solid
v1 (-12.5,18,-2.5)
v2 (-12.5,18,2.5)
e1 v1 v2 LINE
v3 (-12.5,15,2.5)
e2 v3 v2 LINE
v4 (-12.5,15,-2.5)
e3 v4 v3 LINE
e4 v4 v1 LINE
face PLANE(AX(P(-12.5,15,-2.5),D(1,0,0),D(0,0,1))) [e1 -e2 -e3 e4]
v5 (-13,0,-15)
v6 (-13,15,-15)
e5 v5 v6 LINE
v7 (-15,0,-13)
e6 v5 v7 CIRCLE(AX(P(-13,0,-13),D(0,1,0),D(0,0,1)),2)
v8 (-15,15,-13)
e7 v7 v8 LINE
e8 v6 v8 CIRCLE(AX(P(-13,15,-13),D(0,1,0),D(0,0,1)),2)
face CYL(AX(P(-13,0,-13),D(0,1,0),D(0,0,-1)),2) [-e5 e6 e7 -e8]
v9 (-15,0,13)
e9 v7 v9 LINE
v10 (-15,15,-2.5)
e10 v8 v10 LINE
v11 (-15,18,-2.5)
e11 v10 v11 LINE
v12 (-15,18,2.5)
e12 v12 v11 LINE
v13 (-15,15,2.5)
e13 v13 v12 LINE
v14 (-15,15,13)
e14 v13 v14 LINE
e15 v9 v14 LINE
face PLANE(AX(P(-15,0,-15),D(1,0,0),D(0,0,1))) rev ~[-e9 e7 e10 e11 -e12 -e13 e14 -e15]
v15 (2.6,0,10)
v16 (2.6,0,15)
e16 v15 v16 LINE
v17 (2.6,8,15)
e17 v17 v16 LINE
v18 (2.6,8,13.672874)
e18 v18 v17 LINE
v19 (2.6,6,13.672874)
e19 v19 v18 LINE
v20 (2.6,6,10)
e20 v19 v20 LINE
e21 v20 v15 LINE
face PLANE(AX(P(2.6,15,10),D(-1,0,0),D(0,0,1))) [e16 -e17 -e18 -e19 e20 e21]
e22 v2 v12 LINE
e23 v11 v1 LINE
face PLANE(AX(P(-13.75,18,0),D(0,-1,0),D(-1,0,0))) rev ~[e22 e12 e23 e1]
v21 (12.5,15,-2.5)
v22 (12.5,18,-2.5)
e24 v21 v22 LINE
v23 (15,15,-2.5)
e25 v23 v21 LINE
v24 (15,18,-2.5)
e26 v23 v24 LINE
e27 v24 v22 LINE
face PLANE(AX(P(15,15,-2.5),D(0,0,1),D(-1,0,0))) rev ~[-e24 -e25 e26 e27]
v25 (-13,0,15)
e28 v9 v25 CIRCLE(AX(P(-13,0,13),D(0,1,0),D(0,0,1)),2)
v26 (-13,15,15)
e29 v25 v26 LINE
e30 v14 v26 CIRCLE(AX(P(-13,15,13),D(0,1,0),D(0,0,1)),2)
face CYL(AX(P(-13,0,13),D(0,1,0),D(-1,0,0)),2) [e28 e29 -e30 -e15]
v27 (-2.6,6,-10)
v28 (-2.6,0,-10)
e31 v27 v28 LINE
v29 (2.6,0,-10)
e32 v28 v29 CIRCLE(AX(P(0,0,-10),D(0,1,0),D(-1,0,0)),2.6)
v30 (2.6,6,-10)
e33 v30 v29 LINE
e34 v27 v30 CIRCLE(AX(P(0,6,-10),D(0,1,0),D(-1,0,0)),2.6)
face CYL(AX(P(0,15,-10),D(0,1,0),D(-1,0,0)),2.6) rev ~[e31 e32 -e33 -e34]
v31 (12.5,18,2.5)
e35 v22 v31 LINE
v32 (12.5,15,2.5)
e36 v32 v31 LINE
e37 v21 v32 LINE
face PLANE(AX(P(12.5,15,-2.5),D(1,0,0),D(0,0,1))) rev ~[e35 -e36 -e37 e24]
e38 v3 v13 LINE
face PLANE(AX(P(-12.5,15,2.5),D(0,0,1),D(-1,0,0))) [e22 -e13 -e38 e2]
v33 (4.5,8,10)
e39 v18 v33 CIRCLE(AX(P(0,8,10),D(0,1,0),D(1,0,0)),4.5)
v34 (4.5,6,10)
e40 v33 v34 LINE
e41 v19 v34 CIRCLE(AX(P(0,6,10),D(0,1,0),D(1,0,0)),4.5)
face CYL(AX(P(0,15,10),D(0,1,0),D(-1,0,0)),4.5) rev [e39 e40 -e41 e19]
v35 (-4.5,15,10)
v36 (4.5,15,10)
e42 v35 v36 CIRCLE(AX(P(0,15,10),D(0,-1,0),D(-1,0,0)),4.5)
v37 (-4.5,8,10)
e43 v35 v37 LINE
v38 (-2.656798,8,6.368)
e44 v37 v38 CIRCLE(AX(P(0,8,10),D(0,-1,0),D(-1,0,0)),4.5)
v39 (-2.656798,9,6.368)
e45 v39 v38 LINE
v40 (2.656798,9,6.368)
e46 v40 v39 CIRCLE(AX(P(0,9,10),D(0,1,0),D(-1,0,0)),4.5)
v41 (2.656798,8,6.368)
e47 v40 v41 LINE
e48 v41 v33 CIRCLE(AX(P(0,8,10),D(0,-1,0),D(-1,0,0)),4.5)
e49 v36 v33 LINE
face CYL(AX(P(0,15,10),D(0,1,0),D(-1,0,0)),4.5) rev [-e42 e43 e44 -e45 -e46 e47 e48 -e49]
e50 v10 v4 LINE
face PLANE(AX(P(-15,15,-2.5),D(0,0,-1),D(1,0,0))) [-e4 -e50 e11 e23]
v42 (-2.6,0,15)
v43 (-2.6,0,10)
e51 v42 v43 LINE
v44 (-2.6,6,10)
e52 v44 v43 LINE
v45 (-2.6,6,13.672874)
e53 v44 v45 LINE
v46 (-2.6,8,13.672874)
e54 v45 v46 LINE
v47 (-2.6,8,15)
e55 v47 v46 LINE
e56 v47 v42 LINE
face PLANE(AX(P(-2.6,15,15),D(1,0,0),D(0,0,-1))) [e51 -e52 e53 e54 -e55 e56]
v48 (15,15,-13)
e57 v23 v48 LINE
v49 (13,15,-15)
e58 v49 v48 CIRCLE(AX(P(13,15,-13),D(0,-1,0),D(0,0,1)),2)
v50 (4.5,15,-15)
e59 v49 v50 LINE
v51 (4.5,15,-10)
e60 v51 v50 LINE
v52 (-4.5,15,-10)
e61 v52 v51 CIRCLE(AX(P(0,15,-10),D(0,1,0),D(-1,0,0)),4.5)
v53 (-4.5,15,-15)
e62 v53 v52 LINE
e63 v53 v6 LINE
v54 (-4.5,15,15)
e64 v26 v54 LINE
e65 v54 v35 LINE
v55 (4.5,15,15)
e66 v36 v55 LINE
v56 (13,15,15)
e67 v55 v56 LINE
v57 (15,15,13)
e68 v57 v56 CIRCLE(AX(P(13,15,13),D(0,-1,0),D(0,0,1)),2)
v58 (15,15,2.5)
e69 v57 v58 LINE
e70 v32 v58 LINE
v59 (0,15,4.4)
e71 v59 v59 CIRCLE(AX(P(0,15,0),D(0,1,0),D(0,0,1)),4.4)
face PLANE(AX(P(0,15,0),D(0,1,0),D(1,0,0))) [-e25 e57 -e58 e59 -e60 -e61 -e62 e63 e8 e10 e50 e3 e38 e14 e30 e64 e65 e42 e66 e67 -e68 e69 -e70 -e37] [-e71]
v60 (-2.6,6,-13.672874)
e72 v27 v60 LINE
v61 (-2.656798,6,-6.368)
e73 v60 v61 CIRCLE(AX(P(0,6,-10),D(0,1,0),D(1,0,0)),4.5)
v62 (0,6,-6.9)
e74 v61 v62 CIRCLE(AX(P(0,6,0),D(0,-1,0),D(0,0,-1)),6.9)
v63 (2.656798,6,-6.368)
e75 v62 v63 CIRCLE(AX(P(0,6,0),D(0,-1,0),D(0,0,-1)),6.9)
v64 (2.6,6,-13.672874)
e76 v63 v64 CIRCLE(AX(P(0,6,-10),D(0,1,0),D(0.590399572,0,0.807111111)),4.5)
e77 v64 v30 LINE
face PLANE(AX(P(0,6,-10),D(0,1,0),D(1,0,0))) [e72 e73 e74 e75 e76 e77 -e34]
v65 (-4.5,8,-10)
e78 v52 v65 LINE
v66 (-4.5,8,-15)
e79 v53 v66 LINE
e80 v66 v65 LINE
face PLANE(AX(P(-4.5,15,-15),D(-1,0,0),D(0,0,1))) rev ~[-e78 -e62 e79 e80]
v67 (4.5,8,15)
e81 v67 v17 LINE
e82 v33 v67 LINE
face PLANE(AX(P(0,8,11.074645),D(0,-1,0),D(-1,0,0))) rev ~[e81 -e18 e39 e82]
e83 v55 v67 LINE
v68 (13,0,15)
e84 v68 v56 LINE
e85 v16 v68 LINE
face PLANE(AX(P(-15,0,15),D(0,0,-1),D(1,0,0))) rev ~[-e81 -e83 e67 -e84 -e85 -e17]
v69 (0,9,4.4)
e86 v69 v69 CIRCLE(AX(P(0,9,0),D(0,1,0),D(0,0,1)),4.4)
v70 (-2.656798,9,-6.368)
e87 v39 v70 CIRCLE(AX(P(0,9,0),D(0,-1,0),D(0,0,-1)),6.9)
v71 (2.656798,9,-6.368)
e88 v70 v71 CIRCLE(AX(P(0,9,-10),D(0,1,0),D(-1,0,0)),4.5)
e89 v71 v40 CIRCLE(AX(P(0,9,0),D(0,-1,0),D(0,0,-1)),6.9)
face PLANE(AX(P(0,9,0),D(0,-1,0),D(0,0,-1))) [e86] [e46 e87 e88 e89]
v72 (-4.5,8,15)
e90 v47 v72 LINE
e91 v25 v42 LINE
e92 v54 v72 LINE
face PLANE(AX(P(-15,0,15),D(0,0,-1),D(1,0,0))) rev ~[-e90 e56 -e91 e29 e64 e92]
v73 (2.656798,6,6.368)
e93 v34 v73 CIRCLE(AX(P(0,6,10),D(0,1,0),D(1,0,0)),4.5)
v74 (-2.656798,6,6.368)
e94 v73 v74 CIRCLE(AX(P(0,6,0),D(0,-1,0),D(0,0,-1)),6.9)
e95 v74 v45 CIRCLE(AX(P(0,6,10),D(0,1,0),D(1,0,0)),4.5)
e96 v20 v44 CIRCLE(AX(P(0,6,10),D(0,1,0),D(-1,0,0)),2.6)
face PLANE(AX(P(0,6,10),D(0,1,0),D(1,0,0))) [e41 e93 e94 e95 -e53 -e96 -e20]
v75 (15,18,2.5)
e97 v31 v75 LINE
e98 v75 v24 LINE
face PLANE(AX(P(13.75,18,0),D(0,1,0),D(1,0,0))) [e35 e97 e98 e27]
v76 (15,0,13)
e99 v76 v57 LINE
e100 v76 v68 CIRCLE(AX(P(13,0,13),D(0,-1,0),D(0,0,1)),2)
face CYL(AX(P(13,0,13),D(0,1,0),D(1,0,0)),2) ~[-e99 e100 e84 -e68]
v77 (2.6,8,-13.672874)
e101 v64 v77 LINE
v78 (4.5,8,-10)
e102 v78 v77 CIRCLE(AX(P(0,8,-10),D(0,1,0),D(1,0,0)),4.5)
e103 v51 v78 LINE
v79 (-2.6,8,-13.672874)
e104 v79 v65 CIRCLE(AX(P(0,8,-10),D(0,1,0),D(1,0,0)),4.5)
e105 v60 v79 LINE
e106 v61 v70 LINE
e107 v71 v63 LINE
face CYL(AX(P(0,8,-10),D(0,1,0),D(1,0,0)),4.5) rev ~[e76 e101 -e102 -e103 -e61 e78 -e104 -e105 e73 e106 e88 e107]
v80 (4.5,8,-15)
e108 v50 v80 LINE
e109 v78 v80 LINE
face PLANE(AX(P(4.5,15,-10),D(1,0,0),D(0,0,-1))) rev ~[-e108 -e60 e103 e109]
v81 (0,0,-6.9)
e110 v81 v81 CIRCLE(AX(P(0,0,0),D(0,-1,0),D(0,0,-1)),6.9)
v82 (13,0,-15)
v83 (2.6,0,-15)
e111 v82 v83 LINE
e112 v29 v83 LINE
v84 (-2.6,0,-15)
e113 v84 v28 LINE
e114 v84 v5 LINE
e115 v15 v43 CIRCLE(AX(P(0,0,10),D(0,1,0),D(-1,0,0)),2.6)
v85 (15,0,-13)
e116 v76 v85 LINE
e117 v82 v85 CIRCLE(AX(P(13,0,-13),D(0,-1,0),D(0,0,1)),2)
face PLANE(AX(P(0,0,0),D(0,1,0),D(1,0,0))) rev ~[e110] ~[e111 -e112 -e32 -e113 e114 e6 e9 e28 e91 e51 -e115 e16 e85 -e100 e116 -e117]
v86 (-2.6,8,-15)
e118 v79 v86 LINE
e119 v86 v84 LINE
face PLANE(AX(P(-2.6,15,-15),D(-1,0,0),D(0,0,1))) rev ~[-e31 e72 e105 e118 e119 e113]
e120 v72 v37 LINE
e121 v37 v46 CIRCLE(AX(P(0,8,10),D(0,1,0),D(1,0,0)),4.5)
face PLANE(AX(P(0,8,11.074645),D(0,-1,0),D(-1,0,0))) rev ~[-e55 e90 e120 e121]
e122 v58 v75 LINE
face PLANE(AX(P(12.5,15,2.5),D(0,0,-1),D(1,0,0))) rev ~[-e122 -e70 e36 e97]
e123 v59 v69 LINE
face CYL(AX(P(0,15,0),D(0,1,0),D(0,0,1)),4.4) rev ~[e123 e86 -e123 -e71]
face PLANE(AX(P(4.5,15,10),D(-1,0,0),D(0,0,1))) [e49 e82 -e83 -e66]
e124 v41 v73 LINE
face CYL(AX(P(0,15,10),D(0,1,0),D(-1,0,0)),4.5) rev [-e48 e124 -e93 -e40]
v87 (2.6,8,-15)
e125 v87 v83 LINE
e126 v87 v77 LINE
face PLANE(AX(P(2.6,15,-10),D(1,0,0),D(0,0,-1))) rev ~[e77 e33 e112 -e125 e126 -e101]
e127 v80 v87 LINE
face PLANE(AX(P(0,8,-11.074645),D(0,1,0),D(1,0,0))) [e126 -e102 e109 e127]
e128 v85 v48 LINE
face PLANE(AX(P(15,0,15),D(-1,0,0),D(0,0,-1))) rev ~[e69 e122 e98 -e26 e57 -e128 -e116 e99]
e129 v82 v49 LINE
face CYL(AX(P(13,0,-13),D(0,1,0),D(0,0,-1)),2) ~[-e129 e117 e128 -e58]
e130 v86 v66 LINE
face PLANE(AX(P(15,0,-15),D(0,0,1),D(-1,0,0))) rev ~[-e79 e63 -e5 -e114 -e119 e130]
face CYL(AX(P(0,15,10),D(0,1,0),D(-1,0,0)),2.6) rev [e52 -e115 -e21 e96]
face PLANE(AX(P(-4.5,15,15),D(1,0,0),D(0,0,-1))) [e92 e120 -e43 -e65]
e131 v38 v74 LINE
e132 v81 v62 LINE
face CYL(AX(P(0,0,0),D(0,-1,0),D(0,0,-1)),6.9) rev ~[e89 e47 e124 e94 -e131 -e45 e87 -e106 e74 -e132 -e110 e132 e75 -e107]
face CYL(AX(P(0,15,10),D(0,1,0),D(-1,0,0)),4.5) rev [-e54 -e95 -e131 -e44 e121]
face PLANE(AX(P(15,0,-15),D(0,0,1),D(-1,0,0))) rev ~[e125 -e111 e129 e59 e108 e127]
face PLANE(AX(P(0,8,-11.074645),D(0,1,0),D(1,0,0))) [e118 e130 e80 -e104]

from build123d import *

# Parameters (mm, degrees)
EXTRUDE_1_DEPTH     = 15
EXTRUDE_2_DEPTH     = 3
SKETCH_3_R          = 4.4
CUT_EXTRUDE_1_DEPTH = 26.980762113533164
SKETCH_4_R          = 6.9
CUT_EXTRUDE_2_DEPTH = 9
CUT_EXTRUDE_3_DEPTH = 7
SKETCH_6_R          = 4.5
SKETCH_6_R_2        = 4.499999999999997
CUT_EXTRUDE_4_DEPTH = 2
FILLET_1_R          = 2


with BuildPart() as part:
    # Эскиз1 → Бобышка-Вытянуть1 (new body)
    with BuildSketch(Plane(origin=(0, 0, 0), x_dir=(1, 0, 0), z_dir=(0, 1, 0))):
        Polygon((14.999999999999998, 15.000000000000004), (-15.000000000000002, 15), (-14.999999999999998, -15), (15.000000000000002, -14.999999999999996), align=None)
    extrude(amount=EXTRUDE_1_DEPTH)

    # Эскиз2 → Бобышка-Вытянуть2 (add)
    with BuildSketch(Plane(origin=(0, 15, 0), x_dir=(1, 0, 0), z_dir=(0, 1, 0))):
        Polygon((-12.5, -2.499999999999997), (-15.000000000000002, -2.4999999999999973), (-15.000000000000002, 2.5000000000000027), (-12.5, 2.500000000000003), align=None)
        Polygon((15.000000000000002, -2.4999999999999973), (15.000000000000002, 2.5000000000000027), (12.5, 2.500000000000003), (12.5, -2.499999999999997), align=None)
    extrude(amount=EXTRUDE_2_DEPTH)

    # Эскиз3 → Вырез-Вытянуть1 (cut, through all)
    with BuildSketch(Plane(origin=(0, 15, 0), x_dir=(1, 0, 0), z_dir=(0, 1, 0))):
        with Locations(Location((0, 0, 0), (0, 0, 270))):
            Circle(SKETCH_3_R)
        with BuildLine():
            Line((-2.6, -15), (-2.6, -10))
            ThreePointArc((-2.6, -10), (1.6e-16, -7.4), (2.6, -10))
            Line((2.6, -10), (2.6, -15))
            Line((2.6, -15), (-2.6, -15))
        make_face()
        with BuildLine():
            Line((2.5999999999999974, 10), (2.6, 15))
            Line((2.6, 15), (-2.6, 15))
            Line((-2.6, 15), (-2.6000000000000023, 10))
            ThreePointArc((-2.6000000000000023, 10), (-2.93e-15, 7.4), (2.5999999999999974, 10))
        make_face()
    extrude(amount=-CUT_EXTRUDE_1_DEPTH, mode=Mode.SUBTRACT)

    # Эскиз4 → Вырез-Вытянуть2 (cut)
    with BuildSketch(Plane.XZ):
        with Locations(Location((0, 0, 0), (0, 0, 270))):
            Circle(SKETCH_4_R)
    extrude(amount=-CUT_EXTRUDE_2_DEPTH, mode=Mode.SUBTRACT)

    # Эскиз5 → Вырез-Вытянуть3 (cut)
    with BuildSketch(Plane(origin=(0, 15, 0), x_dir=(1, 0, 0), z_dir=(0, 1, 0))):
        with BuildLine():
            Line((-4.499999999999999, -15), (-4.5, -10))
            ThreePointArc((-4.5, -10), (2.8e-16, -5.5), (4.5, -10))
            Line((4.5, -10), (4.500000000000001, -15))
            Line((4.500000000000001, -15), (-4.499999999999999, -15))
        make_face()
        with BuildLine():
            Line((4.5, 10), (4.500000000000001, 15))
            Line((4.500000000000001, 15), (-4.499999999999999, 15))
            Line((-4.499999999999999, 15), (-4.5, 10))
            ThreePointArc((-4.5, 10), (-8.3e-16, 5.5), (4.5, 10))
        make_face()
    extrude(amount=-CUT_EXTRUDE_3_DEPTH, mode=Mode.SUBTRACT)

    # Эскиз6 → Вырез-Вытянуть4 (cut)
    with BuildSketch(Plane(origin=(0, 8, 0), x_dir=(1, 0, 0), z_dir=(0, 1, 0))):
        with Locations((0, -10)):
            Circle(SKETCH_6_R)
        with Locations((-2.45e-15, 10)):
            Circle(SKETCH_6_R_2)
    extrude(amount=-CUT_EXTRUDE_4_DEPTH, mode=Mode.SUBTRACT)

    # Скругление1
    fillet_1_edges = [part.edges().sort_by_distance(p)[0] for p in [
        (-15.000000000000002, 7.5, -15),
        (14.999999999999998, 7.5, -15.000000000000004),
        (15.000000000000002, 7.5, 14.999999999999996),
        (-14.999999999999998, 7.5, 15),
    ]]
    fillet(fillet_1_edges, radius=FILLET_1_R)


solid = part.part
